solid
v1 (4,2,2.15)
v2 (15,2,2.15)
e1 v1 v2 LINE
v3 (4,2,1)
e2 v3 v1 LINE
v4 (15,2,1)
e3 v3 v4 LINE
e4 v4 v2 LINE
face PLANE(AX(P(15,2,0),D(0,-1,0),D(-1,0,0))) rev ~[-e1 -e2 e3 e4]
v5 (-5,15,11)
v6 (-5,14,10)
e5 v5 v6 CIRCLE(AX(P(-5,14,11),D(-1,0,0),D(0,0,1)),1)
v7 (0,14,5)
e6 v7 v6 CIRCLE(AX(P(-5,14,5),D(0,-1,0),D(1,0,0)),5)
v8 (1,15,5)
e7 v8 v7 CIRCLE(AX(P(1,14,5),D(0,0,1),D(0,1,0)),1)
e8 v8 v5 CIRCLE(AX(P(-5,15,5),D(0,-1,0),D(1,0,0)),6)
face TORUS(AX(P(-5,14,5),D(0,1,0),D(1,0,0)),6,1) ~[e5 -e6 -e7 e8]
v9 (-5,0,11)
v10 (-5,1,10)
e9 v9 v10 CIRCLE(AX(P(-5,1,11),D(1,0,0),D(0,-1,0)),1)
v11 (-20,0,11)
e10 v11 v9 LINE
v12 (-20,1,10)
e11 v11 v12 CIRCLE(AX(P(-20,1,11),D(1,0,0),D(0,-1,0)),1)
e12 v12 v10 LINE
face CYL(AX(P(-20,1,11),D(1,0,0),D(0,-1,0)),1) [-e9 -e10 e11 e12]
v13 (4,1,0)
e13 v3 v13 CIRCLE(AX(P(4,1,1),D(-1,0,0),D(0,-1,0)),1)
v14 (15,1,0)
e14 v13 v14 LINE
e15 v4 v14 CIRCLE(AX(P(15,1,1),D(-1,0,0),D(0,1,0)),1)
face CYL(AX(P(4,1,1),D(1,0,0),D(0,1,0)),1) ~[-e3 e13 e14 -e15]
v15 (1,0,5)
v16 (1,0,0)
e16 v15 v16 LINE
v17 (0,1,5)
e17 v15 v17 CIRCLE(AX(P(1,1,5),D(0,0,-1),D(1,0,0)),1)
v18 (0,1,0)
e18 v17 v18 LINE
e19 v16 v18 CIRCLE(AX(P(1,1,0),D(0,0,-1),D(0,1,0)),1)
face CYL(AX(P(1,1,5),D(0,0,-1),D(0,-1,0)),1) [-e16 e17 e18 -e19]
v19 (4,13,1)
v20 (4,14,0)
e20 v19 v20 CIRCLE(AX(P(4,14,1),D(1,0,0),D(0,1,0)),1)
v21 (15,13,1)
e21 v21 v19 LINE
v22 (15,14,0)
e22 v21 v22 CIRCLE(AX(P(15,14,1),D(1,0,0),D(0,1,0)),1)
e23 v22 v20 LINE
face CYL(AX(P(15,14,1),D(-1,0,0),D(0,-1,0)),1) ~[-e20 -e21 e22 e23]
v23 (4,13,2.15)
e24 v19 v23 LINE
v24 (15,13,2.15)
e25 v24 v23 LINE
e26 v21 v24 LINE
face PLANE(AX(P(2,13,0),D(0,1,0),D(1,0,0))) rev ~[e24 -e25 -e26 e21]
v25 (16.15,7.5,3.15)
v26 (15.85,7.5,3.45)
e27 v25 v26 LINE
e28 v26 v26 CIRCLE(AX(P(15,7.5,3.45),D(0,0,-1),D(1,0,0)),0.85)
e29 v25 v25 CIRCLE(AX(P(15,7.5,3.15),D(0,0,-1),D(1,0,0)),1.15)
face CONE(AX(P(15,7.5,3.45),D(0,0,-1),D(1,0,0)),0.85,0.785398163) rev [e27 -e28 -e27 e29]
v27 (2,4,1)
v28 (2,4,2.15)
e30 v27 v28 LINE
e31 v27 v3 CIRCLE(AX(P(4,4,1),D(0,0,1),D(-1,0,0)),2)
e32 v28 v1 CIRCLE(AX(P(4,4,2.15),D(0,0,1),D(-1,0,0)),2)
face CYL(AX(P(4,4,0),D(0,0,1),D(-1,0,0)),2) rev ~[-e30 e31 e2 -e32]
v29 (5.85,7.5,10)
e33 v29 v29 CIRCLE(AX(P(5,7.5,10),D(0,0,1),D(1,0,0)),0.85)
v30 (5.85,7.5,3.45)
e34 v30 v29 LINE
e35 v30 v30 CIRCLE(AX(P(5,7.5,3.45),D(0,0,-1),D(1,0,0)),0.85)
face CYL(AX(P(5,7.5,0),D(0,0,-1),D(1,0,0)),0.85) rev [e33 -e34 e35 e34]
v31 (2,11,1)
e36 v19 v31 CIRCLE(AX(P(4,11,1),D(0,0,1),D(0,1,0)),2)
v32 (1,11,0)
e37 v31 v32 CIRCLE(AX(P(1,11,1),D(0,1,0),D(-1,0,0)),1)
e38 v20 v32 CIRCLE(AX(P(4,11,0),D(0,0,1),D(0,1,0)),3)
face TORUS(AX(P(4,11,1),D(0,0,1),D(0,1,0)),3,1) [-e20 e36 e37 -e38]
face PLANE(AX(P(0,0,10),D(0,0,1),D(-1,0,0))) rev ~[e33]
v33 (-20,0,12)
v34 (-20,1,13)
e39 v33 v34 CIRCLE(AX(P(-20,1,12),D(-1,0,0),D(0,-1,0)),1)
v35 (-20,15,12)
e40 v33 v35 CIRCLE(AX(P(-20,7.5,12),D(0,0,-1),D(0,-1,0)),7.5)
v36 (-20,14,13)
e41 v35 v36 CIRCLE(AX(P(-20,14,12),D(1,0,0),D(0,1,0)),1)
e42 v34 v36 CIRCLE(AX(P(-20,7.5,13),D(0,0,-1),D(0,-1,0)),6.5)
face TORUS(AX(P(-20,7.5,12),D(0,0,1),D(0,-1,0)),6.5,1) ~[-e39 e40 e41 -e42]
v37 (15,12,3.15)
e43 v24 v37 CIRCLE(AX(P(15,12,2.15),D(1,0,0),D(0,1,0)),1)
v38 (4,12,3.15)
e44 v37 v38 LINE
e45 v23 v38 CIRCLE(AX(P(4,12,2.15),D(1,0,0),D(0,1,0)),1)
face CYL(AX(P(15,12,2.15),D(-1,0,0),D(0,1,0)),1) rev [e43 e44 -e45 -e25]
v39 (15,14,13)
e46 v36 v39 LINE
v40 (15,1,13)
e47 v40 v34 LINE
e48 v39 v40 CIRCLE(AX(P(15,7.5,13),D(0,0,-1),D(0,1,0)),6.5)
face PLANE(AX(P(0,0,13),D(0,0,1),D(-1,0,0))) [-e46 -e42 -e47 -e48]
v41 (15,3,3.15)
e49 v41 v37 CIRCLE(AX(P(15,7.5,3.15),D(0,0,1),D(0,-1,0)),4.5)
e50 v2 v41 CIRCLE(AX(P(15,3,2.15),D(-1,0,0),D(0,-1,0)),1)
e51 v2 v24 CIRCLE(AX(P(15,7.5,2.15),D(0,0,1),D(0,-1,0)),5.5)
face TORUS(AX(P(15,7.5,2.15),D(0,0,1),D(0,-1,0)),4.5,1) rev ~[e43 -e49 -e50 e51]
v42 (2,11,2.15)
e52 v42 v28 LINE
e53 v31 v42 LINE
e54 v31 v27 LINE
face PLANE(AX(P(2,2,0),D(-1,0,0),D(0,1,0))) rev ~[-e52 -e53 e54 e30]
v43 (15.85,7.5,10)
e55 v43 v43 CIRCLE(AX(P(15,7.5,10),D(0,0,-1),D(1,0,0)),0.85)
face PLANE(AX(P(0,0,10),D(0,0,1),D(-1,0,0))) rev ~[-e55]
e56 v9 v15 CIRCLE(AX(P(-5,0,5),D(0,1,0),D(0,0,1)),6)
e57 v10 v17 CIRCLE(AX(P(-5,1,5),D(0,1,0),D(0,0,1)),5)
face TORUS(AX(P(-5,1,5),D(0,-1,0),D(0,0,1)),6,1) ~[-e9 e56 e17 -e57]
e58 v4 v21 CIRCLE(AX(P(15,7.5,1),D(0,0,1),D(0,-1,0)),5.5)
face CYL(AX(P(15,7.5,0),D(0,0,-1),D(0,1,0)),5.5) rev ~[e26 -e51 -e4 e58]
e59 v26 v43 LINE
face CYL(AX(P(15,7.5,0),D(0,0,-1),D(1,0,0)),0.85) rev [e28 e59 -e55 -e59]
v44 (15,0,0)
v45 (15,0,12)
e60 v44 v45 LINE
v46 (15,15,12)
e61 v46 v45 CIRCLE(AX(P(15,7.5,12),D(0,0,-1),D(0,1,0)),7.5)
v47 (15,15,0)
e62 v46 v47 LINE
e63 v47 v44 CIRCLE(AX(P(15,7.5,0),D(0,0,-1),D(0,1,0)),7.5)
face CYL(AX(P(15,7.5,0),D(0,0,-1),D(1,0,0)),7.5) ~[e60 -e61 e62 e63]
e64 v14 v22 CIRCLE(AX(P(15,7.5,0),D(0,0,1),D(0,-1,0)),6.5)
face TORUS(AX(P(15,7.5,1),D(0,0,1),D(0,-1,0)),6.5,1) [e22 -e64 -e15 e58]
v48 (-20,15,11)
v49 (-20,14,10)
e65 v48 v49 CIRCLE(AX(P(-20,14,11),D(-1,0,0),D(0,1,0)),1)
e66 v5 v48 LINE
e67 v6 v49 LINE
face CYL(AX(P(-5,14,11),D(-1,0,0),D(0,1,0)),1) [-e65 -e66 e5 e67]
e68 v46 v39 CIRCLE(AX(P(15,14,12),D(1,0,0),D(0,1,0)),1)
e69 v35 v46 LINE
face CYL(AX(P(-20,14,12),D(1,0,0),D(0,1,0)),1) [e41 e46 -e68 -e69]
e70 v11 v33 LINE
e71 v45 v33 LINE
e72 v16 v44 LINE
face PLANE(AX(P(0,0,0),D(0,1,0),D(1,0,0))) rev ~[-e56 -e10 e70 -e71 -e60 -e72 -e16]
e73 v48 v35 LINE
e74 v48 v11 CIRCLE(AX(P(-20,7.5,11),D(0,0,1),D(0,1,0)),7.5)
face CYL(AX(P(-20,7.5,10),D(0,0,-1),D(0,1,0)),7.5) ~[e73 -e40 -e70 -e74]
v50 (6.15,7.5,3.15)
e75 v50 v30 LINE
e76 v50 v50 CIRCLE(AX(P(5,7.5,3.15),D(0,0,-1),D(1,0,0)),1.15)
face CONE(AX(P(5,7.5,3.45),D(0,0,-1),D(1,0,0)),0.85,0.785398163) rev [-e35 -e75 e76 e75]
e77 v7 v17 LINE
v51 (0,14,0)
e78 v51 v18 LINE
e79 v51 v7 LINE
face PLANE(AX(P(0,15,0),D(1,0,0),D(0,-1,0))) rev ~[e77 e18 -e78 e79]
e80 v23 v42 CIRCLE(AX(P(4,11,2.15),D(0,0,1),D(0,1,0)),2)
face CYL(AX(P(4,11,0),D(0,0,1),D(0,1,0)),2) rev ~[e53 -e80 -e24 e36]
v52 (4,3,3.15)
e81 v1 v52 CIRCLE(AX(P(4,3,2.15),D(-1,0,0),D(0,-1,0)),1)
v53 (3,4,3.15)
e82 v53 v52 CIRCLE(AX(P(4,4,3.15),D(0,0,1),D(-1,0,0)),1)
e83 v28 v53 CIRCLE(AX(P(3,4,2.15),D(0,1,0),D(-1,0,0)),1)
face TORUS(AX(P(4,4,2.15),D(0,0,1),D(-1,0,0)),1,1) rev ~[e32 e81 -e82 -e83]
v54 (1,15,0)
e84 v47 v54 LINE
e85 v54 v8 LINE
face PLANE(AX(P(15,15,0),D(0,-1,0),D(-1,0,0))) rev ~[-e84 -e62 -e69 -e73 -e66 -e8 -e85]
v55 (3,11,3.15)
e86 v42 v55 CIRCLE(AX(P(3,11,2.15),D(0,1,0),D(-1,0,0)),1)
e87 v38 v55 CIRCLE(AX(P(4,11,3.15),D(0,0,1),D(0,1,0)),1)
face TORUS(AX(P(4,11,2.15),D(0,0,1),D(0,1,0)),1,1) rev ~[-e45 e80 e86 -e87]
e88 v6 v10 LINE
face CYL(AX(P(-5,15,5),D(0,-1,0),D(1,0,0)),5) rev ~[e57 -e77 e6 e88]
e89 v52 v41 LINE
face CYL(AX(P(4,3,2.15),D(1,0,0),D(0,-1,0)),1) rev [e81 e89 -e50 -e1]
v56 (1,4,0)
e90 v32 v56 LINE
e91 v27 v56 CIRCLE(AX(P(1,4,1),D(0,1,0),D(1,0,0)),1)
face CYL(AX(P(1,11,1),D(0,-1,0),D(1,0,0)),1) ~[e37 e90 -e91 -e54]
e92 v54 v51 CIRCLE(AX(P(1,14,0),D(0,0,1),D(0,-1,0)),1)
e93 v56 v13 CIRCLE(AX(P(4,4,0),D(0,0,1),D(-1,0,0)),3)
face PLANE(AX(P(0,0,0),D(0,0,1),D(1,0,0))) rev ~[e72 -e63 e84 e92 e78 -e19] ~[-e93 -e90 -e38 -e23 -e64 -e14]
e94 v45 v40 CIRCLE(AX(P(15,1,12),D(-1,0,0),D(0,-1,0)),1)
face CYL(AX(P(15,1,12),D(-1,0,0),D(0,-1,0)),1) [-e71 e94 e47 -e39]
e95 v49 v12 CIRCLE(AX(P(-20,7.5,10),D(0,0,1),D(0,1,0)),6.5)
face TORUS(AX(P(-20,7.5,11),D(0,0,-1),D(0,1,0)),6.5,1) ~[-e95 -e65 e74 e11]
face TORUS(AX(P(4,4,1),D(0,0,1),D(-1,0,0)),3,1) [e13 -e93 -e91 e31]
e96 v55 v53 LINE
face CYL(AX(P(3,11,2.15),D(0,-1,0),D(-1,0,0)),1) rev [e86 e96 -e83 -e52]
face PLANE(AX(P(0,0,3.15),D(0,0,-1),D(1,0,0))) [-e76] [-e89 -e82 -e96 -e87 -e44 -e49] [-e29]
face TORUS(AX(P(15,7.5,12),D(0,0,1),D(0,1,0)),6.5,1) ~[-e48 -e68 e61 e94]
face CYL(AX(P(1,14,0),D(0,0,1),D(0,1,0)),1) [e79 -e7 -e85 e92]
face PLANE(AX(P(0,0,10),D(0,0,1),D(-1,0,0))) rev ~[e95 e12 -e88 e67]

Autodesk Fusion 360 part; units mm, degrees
sketch "Sketch1" plane through (0, 0, 0) normal (0, 0, 1) x (1, 0, 0)
  line L0 (0, 0) -> (15, 0)
  line L1 (15, 0) -> (15, 15)
  line L2 (15, 15) -> (0, 15)
  line L3 (0, 15) -> (0, 0)
  circle A0 centre (15, 7.5) radius 7.5
  circle A1 centre (15, 7.5) radius 0.85
  circle A2 centre (5, 7.5) radius 0.85
  dimension "d1" = 15
  dimension "d2" = 15
  dimension "d3" = 1.7
  dimension "d4" = 10
  dimension "d5" = 7.5
  dimension "d6" = 1.7
extrude "Extrude1" add sketch "Sketch1" along normal blind 10 contours L0 L2 L3 A0 | L1 A0 A1 | L1 A0 A1
sketch "Sketch2" plane through (0, 0, 10) normal (0, 0, 1) x (-1, 0, 0)
  circle A0 centre (-5, -7.5) radius 0.85
  circle A1 centre (-15, -7.5) radius 0.85
  arc A2 (-15, 0) -> (-15, -15) centre (-15, -7.5) ccw
  line L0 (-15, -15) -> (0, -15)
  line L1 (0, -15) -> (0, 0)
  line L2 (0, 0) -> (-15, 0)
  line L3 (0, -15) -> (-15, -15)
  arc A3 (-15, 0) -> (-15, -15) centre (-15, -7.5) ccw
  line L4 (0, 0) -> (-15, 0)
  line L5 (0, -15) -> (0, 0)
  line L6 (0, 0) -> (20, 0)
  line L7 (20, 0) -> (20, -15)
  line L8 (20, -15) -> (0, -15)
  line L9 (0, -15) -> (0, 0)
  arc A4 (20, -15) -> (20, 0) centre (20, -7.5) ccw
  dimension "d9" = 20
  dimension "d10" = 15
extrude "Extrude2" add sketch "Sketch2" along normal blind 3 contours A0 | A1 | A2 L0 L1 L2 L3 A3 L4 L5 L9 | L1 L5 L6 L7 L8 L9 | L7 A4
fillet "Fillet1" radius 1 1 faces at (-1.6667, 5, 13)
fillet "Fillet2" radius 5 1 edges at (0, 7.5, 10)
fillet "Fillet3" radius 1 7 edges at (0, 15, 2.5) (-1.4645, 15, 8.5355) (-12.5, 15, 10) (-27.5, 7.5, 10) (-12.5, 0, 10) (-1.4645, 0, 8.5355) (0, 0, 2.5)
sketch "Sketch3" plane through (0, 0, 0) normal (0, 0, -1) x (1, 0, 0)
  arc A0 (1, 0) -> (0, -1) centre (1, -1) ccw
  line L0 (0, -1) -> (0, -14)
  arc A1 (0, -14) -> (1, -15) centre (1, -14) ccw
  line L1 (1, -15) -> (15, -15)
  arc A2 (15, -15) -> (15, 0) centre (15, -7.5) ccw
  line L2 (15, 0) -> (1, 0)
  line L3 (2, -2) -> (2, -13)
  line L4 (2, -13) -> (15, -13)
  arc A3 (15, -13) -> (15, -2) centre (15, -7.5) ccw
  line L5 (15, -2) -> (2, -2)
  circle A4 centre (5, -7.5) radius 0.85
  circle A5 centre (15, -7.5) radius 0.85
  dimension "d21" = -2
extrude "Extrude3" cut sketch "Sketch3" along normal blind 0 and the other way blind 3.15 contours L3 L4 A3 L5
fillet "Fillet4" radius 2 2 edges at (2, 13, 1.575) (2, 2, 1.575)
fillet "Fillet5" radius 1 6 edges at (2.5858, 12.4142, 3.15) (2, 7.5, 3.15) (2.5858, 2.5858, 3.15) (9.5, 2, 3.15) (20.5, 7.5, 3.15) (9.5, 13, 3.15)
fillet "Fillet6" radius 1 6 edges at (2.5858, 12.4142, 0) (2, 7.5, 0) (2.5858, 2.5858, 0) (9.5, 2, 0) (20.5, 7.5, 0) (9.5, 13, 0)
chamfer "Chamfer2" distance 0.3 angle 45 2 edges at (14.2075, 7.8074, 3.15) (4.2075, 7.8074, 3.15)
